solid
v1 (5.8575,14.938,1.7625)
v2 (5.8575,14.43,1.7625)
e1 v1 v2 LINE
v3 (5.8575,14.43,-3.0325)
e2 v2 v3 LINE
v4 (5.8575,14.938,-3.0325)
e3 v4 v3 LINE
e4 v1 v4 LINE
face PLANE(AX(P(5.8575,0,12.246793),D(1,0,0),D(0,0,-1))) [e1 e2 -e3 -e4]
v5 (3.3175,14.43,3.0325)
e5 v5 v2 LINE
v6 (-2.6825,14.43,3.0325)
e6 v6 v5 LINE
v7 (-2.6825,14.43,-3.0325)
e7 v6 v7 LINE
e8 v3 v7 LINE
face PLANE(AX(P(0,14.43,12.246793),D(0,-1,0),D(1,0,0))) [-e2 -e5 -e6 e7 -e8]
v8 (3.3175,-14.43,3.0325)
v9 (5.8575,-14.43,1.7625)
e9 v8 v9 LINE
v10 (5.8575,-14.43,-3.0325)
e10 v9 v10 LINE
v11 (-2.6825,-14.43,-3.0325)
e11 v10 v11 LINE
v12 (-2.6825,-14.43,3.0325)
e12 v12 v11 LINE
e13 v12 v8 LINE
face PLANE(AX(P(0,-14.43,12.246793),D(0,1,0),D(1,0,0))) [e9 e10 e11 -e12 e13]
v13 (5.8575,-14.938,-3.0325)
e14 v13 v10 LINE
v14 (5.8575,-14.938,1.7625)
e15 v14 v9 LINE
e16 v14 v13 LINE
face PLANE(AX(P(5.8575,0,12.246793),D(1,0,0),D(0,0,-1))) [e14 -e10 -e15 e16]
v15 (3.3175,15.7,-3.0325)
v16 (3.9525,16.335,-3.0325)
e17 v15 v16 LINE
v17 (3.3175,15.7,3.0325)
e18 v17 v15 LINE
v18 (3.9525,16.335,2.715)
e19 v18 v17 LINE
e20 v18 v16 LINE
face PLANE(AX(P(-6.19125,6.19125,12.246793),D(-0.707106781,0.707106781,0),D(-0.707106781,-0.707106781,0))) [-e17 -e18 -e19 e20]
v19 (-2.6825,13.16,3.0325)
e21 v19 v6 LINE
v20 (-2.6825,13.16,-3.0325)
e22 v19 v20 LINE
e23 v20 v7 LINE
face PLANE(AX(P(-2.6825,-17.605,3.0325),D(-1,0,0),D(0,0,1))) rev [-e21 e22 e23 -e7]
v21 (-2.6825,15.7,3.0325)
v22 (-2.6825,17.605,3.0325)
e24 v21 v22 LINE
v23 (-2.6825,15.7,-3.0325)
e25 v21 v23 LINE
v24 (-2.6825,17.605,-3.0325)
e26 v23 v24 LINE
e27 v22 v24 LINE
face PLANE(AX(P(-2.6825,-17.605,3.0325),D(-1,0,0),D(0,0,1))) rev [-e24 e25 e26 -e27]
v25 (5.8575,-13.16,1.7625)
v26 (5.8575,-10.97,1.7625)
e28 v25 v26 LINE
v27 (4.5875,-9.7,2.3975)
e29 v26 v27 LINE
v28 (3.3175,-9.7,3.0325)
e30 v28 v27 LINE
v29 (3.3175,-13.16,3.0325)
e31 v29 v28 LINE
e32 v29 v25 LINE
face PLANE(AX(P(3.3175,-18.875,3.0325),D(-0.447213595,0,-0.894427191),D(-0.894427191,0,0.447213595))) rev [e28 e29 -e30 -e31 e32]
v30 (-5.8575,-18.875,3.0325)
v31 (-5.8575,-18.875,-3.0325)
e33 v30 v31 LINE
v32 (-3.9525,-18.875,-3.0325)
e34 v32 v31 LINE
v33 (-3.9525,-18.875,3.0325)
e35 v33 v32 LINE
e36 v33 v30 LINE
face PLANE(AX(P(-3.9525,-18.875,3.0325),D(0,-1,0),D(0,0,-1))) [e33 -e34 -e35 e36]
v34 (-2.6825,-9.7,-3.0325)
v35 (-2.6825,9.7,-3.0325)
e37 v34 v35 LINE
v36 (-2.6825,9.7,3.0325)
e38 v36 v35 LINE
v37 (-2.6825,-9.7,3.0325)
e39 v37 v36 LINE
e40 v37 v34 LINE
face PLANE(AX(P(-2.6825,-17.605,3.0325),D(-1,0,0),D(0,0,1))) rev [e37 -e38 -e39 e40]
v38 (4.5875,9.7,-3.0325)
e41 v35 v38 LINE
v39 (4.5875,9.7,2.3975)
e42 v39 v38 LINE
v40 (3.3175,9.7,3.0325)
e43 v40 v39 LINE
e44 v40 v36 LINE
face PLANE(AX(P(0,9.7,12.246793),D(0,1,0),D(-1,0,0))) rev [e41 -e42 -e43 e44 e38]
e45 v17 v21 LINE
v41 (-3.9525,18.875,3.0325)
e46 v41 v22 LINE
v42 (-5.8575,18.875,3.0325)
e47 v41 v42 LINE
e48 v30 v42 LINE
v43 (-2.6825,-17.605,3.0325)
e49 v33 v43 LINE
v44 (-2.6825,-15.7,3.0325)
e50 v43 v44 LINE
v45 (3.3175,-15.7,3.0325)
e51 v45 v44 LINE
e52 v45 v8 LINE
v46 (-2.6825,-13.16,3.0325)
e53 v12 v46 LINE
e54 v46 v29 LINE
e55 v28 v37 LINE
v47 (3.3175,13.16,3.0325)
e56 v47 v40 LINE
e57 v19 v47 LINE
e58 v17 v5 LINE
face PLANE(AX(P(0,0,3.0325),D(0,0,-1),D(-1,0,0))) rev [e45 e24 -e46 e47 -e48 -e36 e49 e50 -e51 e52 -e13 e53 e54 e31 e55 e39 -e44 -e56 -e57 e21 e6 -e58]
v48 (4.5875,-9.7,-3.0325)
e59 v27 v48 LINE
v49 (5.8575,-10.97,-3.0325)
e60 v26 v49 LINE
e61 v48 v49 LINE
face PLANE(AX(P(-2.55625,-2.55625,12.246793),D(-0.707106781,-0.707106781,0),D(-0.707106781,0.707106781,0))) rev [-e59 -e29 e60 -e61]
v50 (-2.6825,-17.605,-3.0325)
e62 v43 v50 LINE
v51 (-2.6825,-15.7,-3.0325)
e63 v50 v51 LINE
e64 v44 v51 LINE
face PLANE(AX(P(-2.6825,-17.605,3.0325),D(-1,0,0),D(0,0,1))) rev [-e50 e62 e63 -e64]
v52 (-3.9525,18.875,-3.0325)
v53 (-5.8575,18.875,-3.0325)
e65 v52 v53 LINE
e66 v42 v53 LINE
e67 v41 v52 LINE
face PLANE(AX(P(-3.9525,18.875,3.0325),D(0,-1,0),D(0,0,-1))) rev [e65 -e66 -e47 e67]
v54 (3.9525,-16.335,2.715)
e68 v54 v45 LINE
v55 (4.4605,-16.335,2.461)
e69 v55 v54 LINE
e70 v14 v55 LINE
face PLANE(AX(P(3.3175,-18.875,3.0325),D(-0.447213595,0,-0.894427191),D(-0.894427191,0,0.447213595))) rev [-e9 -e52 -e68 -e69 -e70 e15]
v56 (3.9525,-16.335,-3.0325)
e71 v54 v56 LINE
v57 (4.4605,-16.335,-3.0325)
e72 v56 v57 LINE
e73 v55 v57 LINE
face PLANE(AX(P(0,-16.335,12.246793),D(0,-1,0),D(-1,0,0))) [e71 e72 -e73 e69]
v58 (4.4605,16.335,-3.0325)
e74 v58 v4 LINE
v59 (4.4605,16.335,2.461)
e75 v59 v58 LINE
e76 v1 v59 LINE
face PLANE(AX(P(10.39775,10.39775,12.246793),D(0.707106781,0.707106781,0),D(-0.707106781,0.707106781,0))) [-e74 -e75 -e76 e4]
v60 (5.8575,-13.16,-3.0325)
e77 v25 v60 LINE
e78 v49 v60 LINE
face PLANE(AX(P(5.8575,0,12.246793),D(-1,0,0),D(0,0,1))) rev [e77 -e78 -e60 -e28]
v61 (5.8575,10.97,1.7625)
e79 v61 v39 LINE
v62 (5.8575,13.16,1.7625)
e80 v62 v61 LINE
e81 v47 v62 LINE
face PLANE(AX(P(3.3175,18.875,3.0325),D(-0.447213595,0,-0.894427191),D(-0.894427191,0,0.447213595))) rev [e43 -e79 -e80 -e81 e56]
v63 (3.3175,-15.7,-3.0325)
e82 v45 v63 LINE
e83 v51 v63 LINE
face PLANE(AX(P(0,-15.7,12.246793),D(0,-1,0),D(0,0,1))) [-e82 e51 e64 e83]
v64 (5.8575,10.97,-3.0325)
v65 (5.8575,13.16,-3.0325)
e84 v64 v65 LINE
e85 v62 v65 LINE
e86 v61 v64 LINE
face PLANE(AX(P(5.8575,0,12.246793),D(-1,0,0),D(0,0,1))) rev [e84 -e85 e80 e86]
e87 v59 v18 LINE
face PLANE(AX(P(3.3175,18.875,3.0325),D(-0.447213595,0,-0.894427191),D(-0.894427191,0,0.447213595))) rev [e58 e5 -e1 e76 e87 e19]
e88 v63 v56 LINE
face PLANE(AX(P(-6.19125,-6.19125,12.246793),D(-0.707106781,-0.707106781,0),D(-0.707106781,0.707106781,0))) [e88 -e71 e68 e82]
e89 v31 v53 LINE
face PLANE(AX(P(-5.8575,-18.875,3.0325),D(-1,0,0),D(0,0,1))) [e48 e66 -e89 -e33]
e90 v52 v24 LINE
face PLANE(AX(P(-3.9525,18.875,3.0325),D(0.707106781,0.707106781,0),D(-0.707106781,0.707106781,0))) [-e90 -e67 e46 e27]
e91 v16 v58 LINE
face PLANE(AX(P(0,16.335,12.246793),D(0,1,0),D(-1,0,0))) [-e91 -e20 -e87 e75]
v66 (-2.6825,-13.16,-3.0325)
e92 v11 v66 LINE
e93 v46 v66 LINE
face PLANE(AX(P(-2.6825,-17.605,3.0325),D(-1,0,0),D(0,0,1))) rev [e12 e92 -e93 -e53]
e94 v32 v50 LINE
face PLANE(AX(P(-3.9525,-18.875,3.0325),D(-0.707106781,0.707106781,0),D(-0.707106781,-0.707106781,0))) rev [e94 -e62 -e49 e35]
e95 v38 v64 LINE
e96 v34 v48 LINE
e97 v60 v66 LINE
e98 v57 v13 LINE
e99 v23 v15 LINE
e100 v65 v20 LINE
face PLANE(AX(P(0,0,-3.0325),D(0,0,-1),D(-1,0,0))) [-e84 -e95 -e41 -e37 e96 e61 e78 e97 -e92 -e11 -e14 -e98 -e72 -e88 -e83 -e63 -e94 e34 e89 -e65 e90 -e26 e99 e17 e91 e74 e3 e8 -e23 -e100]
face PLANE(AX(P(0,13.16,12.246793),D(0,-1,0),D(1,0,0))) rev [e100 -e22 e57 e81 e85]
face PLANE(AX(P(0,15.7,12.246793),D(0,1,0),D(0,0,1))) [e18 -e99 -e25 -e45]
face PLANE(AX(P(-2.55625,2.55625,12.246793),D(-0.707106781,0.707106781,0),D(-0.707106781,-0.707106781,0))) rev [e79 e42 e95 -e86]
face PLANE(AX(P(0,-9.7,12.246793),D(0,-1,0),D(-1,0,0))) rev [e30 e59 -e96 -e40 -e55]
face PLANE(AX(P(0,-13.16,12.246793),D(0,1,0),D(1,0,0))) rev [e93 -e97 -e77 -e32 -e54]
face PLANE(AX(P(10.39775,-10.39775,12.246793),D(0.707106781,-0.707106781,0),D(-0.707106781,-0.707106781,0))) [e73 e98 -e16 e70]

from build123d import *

# Parameters (mm, degrees)
BOSS_EXTRUDE1_DEPTH             = 3.032500031
BOSS_EXTRUDE2_REACH             = 21.994
BOSS_EXTRUDE2_DIRECTION_2_REACH = 21.994
CUT_EXTRUDE1_DEPTH              = 30.326387225


with BuildPart() as part:
    # Sketch1 → Boss-Extrude1 (new, symmetric)
    with BuildSketch(Plane.XY):
        Polygon((-3.9525, -18.875), (-5.8575, -18.875), (-5.8575, 18.875), (-3.9525, 18.875), (-2.6825, 17.605), (-2.6825, -17.605), align=None)
    extrude(amount=BOSS_EXTRUDE1_DEPTH, both=True)

    # Boss-Extrude2: up to this face of the body (flat: up to its plane)
    boss_extrude2_end = Plane(part.part.faces().sort_by_distance((-4.285879831, 0, 3.032500031))[0])
    # Sketch1<3> → Boss-Extrude2 (add, up to the picked face)
    with BuildSketch(Plane.XY, mode=Mode.PRIVATE) as boss_extrude2_sk1:
        Polygon((-2.6825, 13.16), (-2.6825, 9.7), (4.5875, 9.7), (5.8575, 10.97), (5.8575, 13.16), align=None)
    boss_extrude2_tool1 = split(extrude(boss_extrude2_sk1.sketch, amount=BOSS_EXTRUDE2_REACH, mode=Mode.PRIVATE), bisect_by=boss_extrude2_end, keep=Keep.BOTH, mode=Mode.PRIVATE)
    # Sketch1<3> → Boss-Extrude2 (add, up to the picked face)
    with BuildSketch(Plane.XY, mode=Mode.PRIVATE) as boss_extrude2_sk2:
        Polygon((-2.6825, 15.7), (-2.6825, 14.43), (5.8575, 14.43), (5.8575, 14.938), (4.4605, 16.335), (3.9525, 16.335), (3.3175, 15.7), align=None)
    boss_extrude2_tool2 = split(extrude(boss_extrude2_sk2.sketch, amount=BOSS_EXTRUDE2_REACH, mode=Mode.PRIVATE), bisect_by=boss_extrude2_end, keep=Keep.BOTH, mode=Mode.PRIVATE)
    add(boss_extrude2_tool1.solids().sort_by(Axis((1.479569, 11.466663, 0), (0, 0, 1)))[0])
    add(boss_extrude2_tool2.solids().sort_by(Axis((1.652648, 15.112693, 0), (0, 0, 1)))[0])

    # Boss-Extrude2 direction 2: up to this face of the body (flat: up to its plane)
    boss_extrude2_direction_2_end = Plane(part.part.faces().sort_by_distance((-4.285879831, 0, -3.032500031))[0])
    # Sketch1<3> → Boss-Extrude2 direction 2 (add, up to the picked face)
    with BuildSketch(Plane.XY, mode=Mode.PRIVATE) as boss_extrude2_direction_2_sk1:
        Polygon((-2.6825, 13.16), (-2.6825, 9.7), (4.5875, 9.7), (5.8575, 10.97), (5.8575, 13.16), align=None)
    boss_extrude2_direction_2_tool1 = split(extrude(boss_extrude2_direction_2_sk1.sketch, amount=-BOSS_EXTRUDE2_DIRECTION_2_REACH, mode=Mode.PRIVATE), bisect_by=boss_extrude2_direction_2_end, keep=Keep.BOTH, mode=Mode.PRIVATE)
    # Sketch1<3> → Boss-Extrude2 direction 2 (add, up to the picked face)
    with BuildSketch(Plane.XY, mode=Mode.PRIVATE) as boss_extrude2_direction_2_sk2:
        Polygon((-2.6825, 15.7), (-2.6825, 14.43), (5.8575, 14.43), (5.8575, 14.938), (4.4605, 16.335), (3.9525, 16.335), (3.3175, 15.7), align=None)
    boss_extrude2_direction_2_tool2 = split(extrude(boss_extrude2_direction_2_sk2.sketch, amount=-BOSS_EXTRUDE2_DIRECTION_2_REACH, mode=Mode.PRIVATE), bisect_by=boss_extrude2_direction_2_end, keep=Keep.BOTH, mode=Mode.PRIVATE)
    add(boss_extrude2_direction_2_tool1.solids().sort_by(Axis((1.479569, 11.466663, 0), (0, 0, -1)))[0])
    add(boss_extrude2_direction_2_tool2.solids().sort_by(Axis((1.652648, 15.112693, 0), (0, 0, -1)))[0])

    # Sketch2 → Cut-Extrude1 (cut, through all)
    with BuildSketch(Plane.XZ.offset(-9.7)):
        Polygon((3.3175, 3.032500031), (5.8575, 1.762500031), (5.8575, 3.032500031), align=None)
    extrude(amount=-CUT_EXTRUDE1_DEPTH, mode=Mode.SUBTRACT)

    # Mirror2: part across plane


with BuildPart() as part_1:
    add(part.part)
    add(part.part.mirror(Plane.ZX))


solid = part_1.part
